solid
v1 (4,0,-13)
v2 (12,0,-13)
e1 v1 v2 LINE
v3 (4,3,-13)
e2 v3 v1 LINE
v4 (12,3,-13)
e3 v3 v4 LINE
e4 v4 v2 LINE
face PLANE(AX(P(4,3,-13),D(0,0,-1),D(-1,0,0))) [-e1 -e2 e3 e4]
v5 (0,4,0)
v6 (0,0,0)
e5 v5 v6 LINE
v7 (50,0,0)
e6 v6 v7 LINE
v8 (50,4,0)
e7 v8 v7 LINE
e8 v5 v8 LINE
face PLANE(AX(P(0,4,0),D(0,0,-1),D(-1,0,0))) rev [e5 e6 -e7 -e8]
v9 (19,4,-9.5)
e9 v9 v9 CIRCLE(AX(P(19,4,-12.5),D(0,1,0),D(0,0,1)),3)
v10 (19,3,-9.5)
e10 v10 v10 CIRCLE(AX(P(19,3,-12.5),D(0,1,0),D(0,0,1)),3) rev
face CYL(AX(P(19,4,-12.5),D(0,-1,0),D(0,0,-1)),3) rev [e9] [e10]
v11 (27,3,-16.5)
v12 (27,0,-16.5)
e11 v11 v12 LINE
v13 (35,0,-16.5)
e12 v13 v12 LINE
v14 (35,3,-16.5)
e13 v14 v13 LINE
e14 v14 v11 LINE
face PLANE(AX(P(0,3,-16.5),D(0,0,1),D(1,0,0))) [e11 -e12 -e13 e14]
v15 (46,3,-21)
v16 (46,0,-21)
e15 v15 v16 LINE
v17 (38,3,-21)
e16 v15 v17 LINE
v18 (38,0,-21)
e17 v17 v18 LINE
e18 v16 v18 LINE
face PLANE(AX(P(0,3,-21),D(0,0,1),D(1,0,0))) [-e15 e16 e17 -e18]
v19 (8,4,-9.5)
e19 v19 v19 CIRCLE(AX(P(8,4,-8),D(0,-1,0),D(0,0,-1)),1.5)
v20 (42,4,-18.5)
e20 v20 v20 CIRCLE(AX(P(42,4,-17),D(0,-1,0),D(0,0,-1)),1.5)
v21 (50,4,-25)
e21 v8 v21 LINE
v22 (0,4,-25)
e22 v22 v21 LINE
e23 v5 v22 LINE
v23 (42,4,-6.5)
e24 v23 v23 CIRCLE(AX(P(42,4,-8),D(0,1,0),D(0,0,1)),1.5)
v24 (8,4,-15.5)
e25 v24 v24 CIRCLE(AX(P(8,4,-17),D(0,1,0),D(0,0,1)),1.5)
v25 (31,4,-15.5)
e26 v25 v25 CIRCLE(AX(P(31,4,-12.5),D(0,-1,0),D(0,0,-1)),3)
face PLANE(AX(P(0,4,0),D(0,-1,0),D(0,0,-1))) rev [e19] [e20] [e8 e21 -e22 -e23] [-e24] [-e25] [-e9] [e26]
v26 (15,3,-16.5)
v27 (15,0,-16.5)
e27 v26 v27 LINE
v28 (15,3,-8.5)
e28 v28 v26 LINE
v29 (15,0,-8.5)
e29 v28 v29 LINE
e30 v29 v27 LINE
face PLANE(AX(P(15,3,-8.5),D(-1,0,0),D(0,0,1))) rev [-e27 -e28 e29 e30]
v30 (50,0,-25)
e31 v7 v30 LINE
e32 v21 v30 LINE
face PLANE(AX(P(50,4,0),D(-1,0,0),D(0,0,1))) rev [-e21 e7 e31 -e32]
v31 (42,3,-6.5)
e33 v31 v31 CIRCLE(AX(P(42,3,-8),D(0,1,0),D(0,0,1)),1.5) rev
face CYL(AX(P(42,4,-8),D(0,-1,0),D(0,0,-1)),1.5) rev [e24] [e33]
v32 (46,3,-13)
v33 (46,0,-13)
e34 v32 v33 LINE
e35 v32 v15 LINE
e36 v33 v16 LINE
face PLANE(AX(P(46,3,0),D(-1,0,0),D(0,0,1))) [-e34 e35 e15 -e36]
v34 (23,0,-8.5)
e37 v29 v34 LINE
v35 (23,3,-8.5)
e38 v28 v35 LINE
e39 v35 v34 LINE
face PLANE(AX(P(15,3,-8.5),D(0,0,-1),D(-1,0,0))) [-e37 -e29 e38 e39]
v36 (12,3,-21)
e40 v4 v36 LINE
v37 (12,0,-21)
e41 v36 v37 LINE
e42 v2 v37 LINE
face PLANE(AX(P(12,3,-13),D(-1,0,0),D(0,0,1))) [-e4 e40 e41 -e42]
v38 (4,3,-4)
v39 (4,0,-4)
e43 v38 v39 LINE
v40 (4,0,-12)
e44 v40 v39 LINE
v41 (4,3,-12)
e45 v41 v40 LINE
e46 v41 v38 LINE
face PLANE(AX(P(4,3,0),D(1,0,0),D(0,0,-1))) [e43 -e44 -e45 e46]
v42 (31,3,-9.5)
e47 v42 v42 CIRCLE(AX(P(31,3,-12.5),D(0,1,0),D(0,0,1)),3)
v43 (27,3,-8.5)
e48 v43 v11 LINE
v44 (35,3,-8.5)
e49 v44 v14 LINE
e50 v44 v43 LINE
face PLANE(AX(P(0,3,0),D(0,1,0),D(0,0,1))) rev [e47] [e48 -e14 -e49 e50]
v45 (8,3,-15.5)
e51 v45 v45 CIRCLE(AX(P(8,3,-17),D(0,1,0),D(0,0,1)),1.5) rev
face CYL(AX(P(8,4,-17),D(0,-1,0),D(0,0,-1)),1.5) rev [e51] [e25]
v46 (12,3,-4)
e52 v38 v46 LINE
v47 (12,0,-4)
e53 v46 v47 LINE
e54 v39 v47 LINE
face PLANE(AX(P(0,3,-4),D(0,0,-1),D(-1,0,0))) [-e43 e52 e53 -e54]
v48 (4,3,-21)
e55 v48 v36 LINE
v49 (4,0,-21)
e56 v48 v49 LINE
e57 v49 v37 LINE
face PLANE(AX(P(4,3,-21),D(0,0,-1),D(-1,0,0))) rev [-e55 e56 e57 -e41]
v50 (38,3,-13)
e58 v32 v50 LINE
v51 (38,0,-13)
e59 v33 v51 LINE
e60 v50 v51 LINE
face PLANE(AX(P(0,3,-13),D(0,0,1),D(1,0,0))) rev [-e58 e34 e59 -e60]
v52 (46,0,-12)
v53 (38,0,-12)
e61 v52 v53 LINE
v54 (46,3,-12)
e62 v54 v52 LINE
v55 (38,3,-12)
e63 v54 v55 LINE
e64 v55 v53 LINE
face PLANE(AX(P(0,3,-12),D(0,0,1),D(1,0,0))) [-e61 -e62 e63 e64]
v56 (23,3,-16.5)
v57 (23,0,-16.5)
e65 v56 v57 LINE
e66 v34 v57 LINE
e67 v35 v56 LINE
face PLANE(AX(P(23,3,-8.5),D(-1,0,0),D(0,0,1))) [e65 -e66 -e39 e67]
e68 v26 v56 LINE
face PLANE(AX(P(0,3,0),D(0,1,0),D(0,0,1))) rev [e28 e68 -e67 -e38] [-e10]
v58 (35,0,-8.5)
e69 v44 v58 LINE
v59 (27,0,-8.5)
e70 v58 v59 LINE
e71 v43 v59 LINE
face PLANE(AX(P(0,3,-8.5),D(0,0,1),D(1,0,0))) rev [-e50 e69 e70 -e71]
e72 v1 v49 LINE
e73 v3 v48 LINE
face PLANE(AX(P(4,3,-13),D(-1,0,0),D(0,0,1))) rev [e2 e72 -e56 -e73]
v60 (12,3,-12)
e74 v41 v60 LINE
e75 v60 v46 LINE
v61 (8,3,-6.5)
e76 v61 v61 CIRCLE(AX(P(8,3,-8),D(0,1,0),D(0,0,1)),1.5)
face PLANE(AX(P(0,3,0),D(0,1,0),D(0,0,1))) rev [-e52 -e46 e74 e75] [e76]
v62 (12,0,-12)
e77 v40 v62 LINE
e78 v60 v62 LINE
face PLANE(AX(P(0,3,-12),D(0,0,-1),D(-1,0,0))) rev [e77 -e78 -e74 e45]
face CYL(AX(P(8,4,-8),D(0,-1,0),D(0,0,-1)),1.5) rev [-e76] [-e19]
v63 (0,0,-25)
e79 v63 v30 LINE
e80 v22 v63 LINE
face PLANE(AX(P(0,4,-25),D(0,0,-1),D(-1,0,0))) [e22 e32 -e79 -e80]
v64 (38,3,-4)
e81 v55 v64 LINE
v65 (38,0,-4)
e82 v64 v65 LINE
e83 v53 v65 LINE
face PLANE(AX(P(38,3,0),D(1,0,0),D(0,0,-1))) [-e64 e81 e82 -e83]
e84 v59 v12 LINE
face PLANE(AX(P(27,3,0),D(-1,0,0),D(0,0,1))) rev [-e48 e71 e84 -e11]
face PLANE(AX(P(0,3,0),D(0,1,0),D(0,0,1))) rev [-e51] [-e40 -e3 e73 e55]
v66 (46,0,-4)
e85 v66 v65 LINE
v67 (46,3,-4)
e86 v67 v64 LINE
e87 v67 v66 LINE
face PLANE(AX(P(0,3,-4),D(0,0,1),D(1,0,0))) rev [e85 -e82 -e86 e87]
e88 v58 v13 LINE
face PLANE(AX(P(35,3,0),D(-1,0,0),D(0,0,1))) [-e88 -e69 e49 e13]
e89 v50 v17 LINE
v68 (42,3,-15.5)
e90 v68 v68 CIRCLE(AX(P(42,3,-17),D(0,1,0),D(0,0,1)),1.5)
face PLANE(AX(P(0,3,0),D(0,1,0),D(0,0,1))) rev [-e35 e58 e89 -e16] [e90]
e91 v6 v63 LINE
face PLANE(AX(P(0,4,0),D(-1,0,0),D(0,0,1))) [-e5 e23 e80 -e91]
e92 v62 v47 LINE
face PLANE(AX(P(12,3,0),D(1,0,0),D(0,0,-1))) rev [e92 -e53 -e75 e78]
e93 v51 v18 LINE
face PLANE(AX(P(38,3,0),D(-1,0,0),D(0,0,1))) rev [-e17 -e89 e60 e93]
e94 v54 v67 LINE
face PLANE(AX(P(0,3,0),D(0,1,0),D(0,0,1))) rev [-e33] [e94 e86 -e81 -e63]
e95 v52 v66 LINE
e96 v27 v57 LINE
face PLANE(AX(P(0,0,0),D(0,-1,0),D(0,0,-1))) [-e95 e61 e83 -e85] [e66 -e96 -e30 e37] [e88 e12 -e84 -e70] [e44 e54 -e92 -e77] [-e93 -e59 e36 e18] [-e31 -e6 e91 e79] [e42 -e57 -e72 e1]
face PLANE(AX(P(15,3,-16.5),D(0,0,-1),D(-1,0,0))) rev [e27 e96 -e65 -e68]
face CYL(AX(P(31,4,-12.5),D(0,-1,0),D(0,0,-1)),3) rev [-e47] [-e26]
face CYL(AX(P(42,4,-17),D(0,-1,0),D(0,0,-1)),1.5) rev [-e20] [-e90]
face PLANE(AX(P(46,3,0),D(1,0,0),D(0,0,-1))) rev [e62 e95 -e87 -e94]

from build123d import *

# Parameters (mm, degrees)
SKETCH1_W           = 50
SKETCH1_H           = 25
BOSS_EXTRUDE1_DEPTH = 4
SKETCH1_3_W         = 8
SKETCH1_3_H         = 8
SKETCH1_3_R         = 1.5
SKETCH1_3_R_2       = 3
CUT_EXTRUDE3_DEPTH  = 3
SKETCH1_4_R         = 1.5
SKETCH1_4_R_2       = 3
CUT_EXTRUDE4_DEPTH  = 57.044625077


with BuildPart() as part:
    # Sketch1 → Boss-Extrude1 (new body)
    with BuildSketch(Plane(origin=(0, 0, 0), x_dir=(1, 0, 0), z_dir=(0, 1, 0))):
        with Locations((25, 12.5)):
            Rectangle(SKETCH1_W, SKETCH1_H)
    extrude(amount=BOSS_EXTRUDE1_DEPTH)

    # Sketch1<3> → Cut-Extrude3 (cut)
    # profile 1 of 6: a face of its own
    with BuildSketch(Plane(origin=(0, 0, 0), x_dir=(1, 0, 0), z_dir=(0, 1, 0))):
        with Locations((8, 8)):
            Rectangle(SKETCH1_3_W, SKETCH1_3_H)
        with Locations((8, 8)):
            Circle(SKETCH1_3_R, mode=Mode.SUBTRACT)
    # profile 2 of 6: a face of its own
    with BuildSketch(Plane(origin=(0, 0, 0), x_dir=(1, 0, 0), z_dir=(0, 1, 0))):
        with Locations((19, 12.5)):
            Rectangle(SKETCH1_3_W, SKETCH1_3_H)
    # profile 3 of 6: a face of its own
    with BuildSketch(Plane(origin=(0, 0, 0), x_dir=(1, 0, 0), z_dir=(0, 1, 0))):
        with Locations((8, 17)):
            Rectangle(SKETCH1_3_W, SKETCH1_3_H)
    # profile 4 of 6: a face of its own
    with BuildSketch(Plane(origin=(0, 0, 0), x_dir=(1, 0, 0), z_dir=(0, 1, 0))):
        with Locations((31, 12.5)):
            Rectangle(SKETCH1_3_W, SKETCH1_3_H)
        with Locations((31, 12.5)):
            Circle(SKETCH1_3_R_2, mode=Mode.SUBTRACT)
    # profile 5 of 6: a face of its own
    with BuildSketch(Plane(origin=(0, 0, 0), x_dir=(1, 0, 0), z_dir=(0, 1, 0))):
        with Locations((42, 8)):
            Rectangle(SKETCH1_3_W, SKETCH1_3_H)
        with Locations((42, 8)):
            Circle(SKETCH1_3_R, mode=Mode.SUBTRACT)
    # profile 6 of 6: a face of its own
    with BuildSketch(Plane(origin=(0, 0, 0), x_dir=(1, 0, 0), z_dir=(0, 1, 0))):
        with Locations((42, 17)):
            Rectangle(SKETCH1_3_W, SKETCH1_3_H)
        with Locations((42, 17)):
            Circle(SKETCH1_3_R, mode=Mode.SUBTRACT)
    extrude(amount=CUT_EXTRUDE3_DEPTH, mode=Mode.SUBTRACT)

    # Sketch1<4> → Cut-Extrude4 (cut, through all)
    with BuildSketch(Plane(origin=(0, 0, 0), x_dir=(1, 0, 0), z_dir=(0, 1, 0))):
        with Locations((8, 17)):
            Circle(SKETCH1_4_R)
        with Locations((19, 12.5)):
            Circle(SKETCH1_4_R_2)
        with Locations((8, 8)):
            Circle(SKETCH1_4_R)
        with Locations((31, 12.5)):
            Circle(SKETCH1_4_R_2)
        with Locations((42, 8)):
            Circle(SKETCH1_4_R)
        with Locations((42, 17)):
            Circle(SKETCH1_4_R)
    extrude(amount=CUT_EXTRUDE4_DEPTH, mode=Mode.SUBTRACT)


solid = part.part
